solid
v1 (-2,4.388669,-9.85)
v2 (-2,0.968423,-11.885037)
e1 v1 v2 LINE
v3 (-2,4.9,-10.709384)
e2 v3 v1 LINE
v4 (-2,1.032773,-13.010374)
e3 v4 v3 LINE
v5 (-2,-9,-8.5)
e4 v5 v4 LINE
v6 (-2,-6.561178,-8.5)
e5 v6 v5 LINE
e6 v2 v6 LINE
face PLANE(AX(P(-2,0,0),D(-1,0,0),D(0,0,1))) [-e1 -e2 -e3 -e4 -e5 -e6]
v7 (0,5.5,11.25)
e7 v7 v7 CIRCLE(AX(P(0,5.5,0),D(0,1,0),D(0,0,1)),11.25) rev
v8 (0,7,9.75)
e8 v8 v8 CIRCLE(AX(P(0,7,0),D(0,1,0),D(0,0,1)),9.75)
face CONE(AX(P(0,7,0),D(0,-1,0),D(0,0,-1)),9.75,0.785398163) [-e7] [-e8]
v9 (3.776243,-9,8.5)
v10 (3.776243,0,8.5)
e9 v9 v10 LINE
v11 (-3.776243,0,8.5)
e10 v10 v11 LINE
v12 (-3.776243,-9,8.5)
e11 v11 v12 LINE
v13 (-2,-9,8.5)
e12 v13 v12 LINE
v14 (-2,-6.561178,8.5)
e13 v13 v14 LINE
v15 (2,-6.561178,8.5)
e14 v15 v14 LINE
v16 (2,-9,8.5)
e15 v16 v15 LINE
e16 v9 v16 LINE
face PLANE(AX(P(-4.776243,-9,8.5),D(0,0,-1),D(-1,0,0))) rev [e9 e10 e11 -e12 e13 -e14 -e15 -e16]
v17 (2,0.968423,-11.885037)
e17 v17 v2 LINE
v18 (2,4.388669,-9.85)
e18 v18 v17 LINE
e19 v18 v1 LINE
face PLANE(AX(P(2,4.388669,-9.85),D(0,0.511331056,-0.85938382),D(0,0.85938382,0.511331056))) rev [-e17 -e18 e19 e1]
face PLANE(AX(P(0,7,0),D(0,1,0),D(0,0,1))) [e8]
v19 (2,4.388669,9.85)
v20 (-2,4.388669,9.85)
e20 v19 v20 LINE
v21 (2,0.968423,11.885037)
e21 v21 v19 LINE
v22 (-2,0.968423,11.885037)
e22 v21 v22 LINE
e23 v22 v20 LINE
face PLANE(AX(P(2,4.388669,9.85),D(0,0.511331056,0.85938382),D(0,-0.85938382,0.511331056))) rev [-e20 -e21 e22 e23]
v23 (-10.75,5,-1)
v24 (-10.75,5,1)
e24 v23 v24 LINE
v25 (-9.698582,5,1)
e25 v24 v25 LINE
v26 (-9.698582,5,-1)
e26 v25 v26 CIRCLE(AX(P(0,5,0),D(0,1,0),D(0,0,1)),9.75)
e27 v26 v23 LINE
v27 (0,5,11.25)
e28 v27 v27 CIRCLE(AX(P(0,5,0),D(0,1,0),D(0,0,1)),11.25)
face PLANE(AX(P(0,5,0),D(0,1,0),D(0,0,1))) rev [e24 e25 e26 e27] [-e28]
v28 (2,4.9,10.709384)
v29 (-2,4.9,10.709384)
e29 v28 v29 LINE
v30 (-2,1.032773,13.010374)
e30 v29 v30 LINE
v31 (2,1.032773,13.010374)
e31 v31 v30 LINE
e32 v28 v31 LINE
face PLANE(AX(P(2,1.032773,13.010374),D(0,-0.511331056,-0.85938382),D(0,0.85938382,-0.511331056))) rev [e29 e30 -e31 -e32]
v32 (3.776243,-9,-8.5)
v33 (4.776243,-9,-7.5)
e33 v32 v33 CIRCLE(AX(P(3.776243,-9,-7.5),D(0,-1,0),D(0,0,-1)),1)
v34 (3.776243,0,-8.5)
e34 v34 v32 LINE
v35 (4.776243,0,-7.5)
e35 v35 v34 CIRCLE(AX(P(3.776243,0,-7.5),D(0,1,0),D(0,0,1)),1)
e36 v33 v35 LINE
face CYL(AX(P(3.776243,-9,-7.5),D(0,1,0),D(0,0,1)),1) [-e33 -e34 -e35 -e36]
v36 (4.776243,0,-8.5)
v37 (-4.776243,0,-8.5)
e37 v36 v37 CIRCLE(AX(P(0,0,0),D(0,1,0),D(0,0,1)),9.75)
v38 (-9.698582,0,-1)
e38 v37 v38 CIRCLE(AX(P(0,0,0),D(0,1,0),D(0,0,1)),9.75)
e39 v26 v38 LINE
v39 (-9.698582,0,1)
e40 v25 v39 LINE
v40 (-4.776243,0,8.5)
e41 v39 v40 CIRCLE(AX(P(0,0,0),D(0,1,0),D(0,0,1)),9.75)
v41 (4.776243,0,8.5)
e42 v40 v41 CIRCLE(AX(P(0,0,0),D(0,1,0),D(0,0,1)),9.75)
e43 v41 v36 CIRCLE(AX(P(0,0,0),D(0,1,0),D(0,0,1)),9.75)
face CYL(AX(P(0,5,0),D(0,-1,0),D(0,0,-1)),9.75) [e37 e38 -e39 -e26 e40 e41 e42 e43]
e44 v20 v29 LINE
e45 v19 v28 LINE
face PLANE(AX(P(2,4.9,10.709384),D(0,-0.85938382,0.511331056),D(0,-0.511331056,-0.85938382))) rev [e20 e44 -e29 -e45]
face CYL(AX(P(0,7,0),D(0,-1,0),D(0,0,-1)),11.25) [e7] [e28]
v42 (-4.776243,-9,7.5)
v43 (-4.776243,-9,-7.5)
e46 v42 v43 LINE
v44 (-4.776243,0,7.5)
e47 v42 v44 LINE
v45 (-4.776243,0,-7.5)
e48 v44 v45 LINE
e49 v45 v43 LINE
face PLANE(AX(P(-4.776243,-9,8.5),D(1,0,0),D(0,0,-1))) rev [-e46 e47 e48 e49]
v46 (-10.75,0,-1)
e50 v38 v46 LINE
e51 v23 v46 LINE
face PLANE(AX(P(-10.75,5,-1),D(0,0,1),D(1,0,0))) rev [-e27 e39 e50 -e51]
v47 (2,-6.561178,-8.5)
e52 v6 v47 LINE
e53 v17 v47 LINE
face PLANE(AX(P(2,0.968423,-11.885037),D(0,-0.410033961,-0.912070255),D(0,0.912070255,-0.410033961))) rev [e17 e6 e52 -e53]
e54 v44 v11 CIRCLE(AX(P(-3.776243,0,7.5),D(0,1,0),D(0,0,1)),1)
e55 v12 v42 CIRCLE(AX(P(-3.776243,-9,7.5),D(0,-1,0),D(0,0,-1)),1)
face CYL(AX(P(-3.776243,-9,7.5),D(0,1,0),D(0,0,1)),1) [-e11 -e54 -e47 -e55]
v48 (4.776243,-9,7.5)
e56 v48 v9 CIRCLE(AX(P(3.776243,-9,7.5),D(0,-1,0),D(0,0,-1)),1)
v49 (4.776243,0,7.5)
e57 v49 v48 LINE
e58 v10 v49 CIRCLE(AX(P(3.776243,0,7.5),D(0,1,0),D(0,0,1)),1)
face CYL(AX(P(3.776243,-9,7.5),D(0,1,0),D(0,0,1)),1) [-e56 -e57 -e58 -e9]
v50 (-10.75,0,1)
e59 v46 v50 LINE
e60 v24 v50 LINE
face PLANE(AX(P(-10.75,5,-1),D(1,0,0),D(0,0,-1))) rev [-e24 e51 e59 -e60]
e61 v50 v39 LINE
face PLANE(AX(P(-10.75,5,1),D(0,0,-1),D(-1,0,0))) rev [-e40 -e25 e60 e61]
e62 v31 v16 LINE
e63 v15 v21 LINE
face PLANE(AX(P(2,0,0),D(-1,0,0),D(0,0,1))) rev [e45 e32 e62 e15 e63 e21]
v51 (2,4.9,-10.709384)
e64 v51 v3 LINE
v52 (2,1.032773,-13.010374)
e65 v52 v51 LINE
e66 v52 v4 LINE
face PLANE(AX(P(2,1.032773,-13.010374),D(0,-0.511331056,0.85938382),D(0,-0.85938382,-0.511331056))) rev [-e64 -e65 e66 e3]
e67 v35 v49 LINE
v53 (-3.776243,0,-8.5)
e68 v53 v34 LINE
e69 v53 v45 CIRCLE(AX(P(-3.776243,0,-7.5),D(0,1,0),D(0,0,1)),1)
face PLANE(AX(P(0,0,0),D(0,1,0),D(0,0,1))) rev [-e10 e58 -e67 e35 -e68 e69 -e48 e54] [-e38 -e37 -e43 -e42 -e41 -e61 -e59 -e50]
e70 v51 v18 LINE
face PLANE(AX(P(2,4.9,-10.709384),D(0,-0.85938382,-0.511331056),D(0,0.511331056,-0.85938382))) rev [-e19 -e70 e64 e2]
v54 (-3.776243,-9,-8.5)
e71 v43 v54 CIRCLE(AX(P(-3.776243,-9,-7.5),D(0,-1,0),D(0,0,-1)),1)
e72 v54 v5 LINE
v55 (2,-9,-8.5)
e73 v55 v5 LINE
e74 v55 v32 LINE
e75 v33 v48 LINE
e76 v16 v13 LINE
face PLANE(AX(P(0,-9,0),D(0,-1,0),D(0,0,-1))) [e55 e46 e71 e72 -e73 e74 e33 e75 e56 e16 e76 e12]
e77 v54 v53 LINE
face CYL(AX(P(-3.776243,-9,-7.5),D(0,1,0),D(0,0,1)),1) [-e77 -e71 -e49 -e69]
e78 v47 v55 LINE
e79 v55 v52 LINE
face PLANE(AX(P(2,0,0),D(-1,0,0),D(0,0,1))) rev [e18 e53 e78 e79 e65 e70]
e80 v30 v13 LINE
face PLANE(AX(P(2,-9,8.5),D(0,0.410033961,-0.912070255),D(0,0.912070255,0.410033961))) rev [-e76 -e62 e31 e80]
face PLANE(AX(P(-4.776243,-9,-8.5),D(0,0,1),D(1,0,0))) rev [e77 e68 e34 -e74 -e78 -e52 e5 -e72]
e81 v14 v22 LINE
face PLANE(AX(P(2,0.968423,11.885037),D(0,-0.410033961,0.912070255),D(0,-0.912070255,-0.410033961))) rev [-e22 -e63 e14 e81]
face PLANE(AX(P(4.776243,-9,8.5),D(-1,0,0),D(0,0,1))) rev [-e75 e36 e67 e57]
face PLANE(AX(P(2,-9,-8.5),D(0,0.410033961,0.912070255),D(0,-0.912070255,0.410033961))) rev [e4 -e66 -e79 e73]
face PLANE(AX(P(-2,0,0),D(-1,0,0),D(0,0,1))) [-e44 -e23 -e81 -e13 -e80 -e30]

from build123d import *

# Parameters (mm, degrees)
EXTRUDE_1_DEPTH = 5
SKETCH_2_R      = 11.25
EXTRUDE_2_DEPTH = 2
CHAMFER_1_SIZE  = 1.5
SKETCH_3_W      = 9.552486588
SKETCH_3_H      = 17
EXTRUDE_3_DEPTH = 9
FILLET_1_R      = 1
EXTRUDE_4_DEPTH = 2


with BuildPart() as part:
    # Эскиз1 → Бобышка-Вытянуть1 (new body)
    with BuildSketch(Plane(origin=(0, 0, 0), x_dir=(1, 0, 0), z_dir=(0, 1, 0))):
        with BuildLine():
            Line((-10.75, 1), (-9.698582371, 1))
            ThreePointArc((-9.698582371, 1), (9.75, 0), (-9.698582371, -1))
            Line((-9.698582371, -1), (-10.75, -1))
            Line((-10.75, -1), (-10.75, 1))
        make_face()
    extrude(amount=EXTRUDE_1_DEPTH)

    # Эскиз2 → Бобышка-Вытянуть2 (add)
    with BuildSketch(Plane(origin=(0, 5, 0), x_dir=(1, 0, 0), z_dir=(0, 1, 0))):
        Circle(SKETCH_2_R)
    extrude(amount=EXTRUDE_2_DEPTH)

    # Фаска1
    chamfer_1_edges = [part.edges().sort_by_distance(p)[0] for p in [
        (-11.25, 7, 0),
    ]]
    chamfer(chamfer_1_edges, length=CHAMFER_1_SIZE)

    # Эскиз3 → Бобышка-Вытянуть3 (add)
    with BuildSketch(Plane.XZ):
        Rectangle(SKETCH_3_W, SKETCH_3_H)
    extrude(amount=EXTRUDE_3_DEPTH)

    # Скругление1
    fillet_1_edges = [part.edges().sort_by_distance(p)[0] for p in [
        (-4.776243294, -4.5, 8.5),
        (-4.776243294, -4.5, -8.5),
        (4.776243294, -4.5, -8.5),
        (4.776243294, -4.5, 8.5),
    ]]
    fillet(fillet_1_edges, radius=FILLET_1_R)

    # Эскиз4 → Бобышка-Вытянуть4 (add, symmetric)
    with BuildSketch(Plane(origin=(0, 0, 0), x_dir=(0, 0, -1), z_dir=(1, 0, 0))):
        Polygon((-8.5, -9), (-13.010373574, 1.032772808), (-10.70938382, 4.9), (-9.85, 4.388668944), (-11.885037306, 0.968422681), (-7.587929745, -8.589966039), align=None)
        Polygon((11.885037306, 0.968422681), (7.587929745, -8.589966039), (8.5, -9), (13.010373574, 1.032772808), (10.70938382, 4.9), (9.85, 4.388668944), align=None)
    extrude(amount=EXTRUDE_4_DEPTH, both=True)


solid = part.part
